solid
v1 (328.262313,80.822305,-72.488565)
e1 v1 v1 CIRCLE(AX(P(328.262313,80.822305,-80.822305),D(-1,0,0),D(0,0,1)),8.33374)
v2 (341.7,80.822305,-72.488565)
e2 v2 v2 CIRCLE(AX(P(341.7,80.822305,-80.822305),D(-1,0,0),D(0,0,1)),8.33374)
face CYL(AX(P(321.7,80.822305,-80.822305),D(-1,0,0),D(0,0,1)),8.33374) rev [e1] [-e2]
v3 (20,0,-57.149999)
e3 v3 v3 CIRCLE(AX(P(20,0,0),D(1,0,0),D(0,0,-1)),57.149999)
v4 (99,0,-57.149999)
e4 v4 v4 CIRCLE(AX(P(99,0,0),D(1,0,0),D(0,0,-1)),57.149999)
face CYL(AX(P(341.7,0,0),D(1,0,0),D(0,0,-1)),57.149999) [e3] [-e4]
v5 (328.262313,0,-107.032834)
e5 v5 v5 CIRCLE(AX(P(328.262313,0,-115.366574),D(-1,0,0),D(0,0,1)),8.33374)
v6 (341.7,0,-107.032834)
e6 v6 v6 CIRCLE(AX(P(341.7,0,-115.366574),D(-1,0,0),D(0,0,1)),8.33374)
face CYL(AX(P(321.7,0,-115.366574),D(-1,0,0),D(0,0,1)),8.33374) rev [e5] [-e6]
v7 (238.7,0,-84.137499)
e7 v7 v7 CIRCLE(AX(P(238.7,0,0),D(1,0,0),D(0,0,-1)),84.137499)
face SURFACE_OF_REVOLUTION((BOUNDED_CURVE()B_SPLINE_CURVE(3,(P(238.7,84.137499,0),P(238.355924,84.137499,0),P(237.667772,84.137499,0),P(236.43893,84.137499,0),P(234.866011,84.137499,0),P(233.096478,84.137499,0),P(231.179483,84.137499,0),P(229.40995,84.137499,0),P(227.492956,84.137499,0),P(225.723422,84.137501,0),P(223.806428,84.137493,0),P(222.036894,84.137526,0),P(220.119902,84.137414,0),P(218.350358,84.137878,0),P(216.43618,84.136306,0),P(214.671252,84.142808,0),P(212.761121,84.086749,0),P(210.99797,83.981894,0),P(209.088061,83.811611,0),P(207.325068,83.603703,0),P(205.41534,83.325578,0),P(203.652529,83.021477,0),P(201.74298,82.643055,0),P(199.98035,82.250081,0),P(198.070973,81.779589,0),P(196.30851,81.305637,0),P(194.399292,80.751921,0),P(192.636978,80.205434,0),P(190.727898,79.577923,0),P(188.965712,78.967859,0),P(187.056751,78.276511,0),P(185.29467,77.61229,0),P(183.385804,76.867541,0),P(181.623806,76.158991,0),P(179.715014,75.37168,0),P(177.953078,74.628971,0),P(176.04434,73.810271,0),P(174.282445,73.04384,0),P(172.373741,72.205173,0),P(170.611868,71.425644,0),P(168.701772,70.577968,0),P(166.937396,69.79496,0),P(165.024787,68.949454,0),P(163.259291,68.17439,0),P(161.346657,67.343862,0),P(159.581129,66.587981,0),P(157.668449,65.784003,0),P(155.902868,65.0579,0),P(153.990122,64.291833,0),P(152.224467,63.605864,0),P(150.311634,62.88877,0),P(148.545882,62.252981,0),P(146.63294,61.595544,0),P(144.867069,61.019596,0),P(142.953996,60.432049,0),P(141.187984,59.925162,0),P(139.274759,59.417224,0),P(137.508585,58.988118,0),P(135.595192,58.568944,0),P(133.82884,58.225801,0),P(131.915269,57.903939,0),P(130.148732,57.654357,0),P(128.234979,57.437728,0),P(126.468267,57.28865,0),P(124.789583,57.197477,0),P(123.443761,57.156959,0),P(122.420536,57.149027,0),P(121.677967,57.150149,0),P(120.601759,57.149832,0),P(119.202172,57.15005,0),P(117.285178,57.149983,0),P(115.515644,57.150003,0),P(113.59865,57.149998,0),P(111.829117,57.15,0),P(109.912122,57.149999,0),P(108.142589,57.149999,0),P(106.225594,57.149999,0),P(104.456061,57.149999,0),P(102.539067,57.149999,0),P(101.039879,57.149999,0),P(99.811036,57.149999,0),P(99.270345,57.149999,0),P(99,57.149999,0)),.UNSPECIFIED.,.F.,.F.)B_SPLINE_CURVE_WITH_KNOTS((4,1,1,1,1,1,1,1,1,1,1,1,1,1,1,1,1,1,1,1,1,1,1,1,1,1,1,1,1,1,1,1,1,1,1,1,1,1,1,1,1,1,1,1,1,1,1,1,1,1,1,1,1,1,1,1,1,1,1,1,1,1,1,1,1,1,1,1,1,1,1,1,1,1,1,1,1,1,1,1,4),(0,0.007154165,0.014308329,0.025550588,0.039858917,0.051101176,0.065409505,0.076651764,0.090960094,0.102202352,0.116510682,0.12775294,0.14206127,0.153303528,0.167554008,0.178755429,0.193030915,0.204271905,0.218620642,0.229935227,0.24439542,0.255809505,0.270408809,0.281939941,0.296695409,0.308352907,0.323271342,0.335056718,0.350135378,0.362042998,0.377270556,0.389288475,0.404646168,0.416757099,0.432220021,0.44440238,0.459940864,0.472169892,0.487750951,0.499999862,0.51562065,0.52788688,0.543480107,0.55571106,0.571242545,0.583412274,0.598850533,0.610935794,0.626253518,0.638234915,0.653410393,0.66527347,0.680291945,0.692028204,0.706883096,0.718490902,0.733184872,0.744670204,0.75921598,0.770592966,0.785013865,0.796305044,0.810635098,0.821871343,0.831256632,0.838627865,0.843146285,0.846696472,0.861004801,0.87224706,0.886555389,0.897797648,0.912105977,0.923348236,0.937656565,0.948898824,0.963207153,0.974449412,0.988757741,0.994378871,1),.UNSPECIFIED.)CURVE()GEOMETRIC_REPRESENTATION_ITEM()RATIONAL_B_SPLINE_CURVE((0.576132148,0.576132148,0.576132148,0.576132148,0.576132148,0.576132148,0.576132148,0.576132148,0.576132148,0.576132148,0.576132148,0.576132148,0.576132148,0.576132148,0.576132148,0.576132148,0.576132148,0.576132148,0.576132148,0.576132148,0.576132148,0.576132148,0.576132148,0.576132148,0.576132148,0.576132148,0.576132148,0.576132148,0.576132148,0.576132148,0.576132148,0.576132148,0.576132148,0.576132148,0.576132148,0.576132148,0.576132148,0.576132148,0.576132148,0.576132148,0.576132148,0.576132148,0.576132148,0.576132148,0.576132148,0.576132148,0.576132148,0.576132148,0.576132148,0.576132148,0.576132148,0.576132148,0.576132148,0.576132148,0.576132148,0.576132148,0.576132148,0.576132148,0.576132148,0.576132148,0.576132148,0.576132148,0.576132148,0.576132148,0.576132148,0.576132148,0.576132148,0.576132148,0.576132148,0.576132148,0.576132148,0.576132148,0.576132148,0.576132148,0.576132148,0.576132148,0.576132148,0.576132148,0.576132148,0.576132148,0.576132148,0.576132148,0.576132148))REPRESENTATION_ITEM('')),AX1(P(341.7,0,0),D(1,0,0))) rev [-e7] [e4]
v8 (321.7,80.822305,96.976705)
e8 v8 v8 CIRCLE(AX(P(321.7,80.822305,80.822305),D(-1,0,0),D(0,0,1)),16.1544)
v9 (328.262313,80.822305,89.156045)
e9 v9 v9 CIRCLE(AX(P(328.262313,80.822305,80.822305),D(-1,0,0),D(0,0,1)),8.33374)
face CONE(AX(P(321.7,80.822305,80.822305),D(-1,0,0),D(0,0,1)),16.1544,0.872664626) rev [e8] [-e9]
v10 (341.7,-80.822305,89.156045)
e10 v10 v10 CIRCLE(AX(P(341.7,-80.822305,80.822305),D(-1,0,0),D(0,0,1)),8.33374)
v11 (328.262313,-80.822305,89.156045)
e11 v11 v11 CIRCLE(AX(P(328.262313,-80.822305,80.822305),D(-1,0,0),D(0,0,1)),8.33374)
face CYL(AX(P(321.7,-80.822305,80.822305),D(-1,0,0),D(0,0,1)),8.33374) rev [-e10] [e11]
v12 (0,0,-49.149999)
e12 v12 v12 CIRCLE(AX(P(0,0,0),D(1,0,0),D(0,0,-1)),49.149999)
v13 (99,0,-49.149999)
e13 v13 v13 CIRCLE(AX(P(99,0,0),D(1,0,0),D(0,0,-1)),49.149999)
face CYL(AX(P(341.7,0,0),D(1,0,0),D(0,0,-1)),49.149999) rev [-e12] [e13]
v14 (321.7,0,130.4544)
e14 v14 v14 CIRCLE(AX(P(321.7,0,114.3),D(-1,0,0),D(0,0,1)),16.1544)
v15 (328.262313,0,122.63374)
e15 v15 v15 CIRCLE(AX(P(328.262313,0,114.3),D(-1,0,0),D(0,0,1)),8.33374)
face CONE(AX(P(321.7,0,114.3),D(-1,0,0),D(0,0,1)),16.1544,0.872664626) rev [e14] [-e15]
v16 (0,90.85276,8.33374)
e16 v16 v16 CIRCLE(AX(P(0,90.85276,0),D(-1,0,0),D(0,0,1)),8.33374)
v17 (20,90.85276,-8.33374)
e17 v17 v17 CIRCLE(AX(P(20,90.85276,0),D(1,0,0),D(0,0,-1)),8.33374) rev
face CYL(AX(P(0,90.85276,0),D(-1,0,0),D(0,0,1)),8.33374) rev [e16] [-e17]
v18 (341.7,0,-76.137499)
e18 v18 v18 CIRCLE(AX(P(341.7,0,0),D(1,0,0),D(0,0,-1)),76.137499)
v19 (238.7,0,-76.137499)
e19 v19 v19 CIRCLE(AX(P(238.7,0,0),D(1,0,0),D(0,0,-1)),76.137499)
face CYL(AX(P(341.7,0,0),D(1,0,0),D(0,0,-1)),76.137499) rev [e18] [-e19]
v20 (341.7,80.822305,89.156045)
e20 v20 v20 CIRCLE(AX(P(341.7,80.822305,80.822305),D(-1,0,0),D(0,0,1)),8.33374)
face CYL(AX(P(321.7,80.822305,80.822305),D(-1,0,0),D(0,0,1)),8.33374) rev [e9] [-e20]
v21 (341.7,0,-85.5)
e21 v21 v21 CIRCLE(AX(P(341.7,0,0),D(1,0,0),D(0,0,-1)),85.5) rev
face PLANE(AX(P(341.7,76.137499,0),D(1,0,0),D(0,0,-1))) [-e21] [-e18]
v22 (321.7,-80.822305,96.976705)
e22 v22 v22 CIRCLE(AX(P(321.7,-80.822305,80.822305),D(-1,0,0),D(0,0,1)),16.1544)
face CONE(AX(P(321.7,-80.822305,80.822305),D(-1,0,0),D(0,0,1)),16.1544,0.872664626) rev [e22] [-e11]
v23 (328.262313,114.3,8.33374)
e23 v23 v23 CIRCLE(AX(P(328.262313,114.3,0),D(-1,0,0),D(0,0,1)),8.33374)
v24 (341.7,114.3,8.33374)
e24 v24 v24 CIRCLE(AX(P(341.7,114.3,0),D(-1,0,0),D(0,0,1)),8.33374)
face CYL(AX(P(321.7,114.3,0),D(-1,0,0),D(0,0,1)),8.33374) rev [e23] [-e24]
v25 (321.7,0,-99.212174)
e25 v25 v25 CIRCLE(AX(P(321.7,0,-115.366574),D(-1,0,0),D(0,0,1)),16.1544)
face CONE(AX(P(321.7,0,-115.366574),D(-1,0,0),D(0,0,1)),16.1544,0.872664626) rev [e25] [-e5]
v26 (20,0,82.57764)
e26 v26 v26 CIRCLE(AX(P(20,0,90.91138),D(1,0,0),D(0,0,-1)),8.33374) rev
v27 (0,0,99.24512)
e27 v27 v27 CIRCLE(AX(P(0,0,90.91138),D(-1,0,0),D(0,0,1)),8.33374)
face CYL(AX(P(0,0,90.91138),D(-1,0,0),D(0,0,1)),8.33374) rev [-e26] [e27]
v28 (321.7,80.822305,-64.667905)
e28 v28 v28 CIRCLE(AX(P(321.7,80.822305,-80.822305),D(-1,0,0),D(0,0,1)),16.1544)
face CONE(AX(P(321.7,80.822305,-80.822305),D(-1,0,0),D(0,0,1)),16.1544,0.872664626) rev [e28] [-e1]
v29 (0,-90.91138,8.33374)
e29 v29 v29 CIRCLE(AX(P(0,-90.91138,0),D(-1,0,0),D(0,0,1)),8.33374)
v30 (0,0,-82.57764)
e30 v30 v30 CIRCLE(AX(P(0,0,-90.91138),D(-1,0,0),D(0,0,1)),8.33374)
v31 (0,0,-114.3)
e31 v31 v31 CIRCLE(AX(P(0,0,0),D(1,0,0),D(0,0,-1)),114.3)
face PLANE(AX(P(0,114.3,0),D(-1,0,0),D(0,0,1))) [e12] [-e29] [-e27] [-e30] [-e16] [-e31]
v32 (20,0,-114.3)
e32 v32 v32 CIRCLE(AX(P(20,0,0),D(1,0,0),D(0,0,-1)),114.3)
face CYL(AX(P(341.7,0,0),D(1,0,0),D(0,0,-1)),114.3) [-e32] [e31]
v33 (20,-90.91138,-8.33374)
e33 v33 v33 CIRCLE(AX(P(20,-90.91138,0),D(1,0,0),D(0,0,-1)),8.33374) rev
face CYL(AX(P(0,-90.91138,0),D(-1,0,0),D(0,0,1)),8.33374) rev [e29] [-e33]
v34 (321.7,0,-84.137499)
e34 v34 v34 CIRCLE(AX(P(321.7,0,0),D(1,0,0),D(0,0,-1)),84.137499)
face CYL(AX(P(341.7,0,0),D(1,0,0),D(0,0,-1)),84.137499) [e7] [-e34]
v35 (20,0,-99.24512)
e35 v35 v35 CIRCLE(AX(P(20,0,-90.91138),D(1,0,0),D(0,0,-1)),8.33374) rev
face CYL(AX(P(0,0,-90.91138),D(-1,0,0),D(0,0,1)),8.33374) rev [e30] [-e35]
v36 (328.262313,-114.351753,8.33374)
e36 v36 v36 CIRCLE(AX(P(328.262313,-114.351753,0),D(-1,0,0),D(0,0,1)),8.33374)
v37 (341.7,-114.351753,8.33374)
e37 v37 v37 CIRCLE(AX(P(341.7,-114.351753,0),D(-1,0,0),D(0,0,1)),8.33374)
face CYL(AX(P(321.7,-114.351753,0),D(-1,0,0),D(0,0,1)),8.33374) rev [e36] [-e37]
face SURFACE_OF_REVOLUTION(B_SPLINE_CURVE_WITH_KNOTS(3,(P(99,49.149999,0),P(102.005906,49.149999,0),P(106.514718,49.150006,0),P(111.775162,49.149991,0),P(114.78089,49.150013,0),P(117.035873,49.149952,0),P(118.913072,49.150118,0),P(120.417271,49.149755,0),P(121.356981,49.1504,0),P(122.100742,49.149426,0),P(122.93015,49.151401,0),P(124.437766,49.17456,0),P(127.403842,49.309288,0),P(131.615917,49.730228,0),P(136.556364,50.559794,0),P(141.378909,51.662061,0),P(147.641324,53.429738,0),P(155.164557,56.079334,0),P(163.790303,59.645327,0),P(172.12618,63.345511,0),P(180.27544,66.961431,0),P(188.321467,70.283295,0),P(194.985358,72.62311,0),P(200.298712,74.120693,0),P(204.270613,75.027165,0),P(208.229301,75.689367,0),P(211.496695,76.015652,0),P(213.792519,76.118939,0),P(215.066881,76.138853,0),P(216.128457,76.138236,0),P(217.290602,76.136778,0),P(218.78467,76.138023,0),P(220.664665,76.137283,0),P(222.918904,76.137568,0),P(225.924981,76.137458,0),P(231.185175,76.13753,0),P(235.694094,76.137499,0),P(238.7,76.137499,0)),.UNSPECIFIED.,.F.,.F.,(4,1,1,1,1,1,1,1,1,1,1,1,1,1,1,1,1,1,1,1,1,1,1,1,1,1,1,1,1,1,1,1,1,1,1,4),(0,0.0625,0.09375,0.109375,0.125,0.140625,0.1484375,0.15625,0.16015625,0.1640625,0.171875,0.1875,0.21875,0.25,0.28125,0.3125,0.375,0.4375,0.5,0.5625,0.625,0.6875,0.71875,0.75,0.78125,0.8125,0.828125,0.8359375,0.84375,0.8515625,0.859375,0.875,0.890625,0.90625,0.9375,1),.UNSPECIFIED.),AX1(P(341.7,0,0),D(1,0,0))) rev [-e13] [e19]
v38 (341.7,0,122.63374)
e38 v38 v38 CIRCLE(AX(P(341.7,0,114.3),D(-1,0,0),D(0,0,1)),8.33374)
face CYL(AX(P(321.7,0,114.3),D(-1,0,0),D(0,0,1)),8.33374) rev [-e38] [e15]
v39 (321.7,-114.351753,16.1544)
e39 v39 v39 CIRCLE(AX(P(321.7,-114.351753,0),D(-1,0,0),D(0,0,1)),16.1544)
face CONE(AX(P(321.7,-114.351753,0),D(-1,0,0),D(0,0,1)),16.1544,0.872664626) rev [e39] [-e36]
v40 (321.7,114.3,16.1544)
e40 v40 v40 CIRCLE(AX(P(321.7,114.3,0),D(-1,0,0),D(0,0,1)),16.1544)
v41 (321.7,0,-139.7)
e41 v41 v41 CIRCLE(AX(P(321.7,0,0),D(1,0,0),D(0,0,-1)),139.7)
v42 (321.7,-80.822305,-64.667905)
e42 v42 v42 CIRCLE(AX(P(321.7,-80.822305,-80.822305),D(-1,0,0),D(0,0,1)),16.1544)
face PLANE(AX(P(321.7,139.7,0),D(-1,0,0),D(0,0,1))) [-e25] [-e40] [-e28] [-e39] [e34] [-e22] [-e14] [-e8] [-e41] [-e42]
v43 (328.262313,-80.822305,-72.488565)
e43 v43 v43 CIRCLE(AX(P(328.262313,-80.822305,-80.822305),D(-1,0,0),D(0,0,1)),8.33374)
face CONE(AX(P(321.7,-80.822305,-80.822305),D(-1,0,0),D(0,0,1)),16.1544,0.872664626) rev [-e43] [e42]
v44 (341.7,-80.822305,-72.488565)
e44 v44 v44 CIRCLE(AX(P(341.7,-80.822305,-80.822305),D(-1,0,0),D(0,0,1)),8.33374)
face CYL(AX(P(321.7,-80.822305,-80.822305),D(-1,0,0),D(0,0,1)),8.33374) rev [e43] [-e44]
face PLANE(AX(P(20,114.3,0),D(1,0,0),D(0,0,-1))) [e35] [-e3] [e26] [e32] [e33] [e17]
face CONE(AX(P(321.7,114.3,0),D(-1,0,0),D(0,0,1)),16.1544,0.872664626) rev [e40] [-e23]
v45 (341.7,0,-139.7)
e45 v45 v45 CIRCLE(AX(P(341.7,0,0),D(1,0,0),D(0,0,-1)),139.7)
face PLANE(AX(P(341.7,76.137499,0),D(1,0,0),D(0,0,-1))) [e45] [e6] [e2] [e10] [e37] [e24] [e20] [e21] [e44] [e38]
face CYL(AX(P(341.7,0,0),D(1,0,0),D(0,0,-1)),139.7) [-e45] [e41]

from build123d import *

# Parameters (mm, degrees)
F_5_8_CLEARANCE_HOLE1_D                             = 16.66748
F_5_8_CLEARANCE_HOLE1_DEPTH                         = 20
CSK_FOR_5_8_FLAT_HEAD_MACHINE_SCREW_100_D           = 16.66748
CSK_FOR_5_8_FLAT_HEAD_MACHINE_SCREW_100_DEPTH       = 20
CSK_FOR_5_8_FLAT_HEAD_MACHINE_SCREW_100_CSINK_D     = 32.3088
CSK_FOR_5_8_FLAT_HEAD_MACHINE_SCREW_100_CSINK_ANGLE = 100


with BuildPart() as part:
    # Sketch2 → Revolve1 (revolve)
    with BuildSketch(Plane.XY):
        with BuildLine():
            Line((341.7, 76.137499212), (341.7, 139.7))
            Line((341.7, 139.7), (321.7, 139.7))
            Line((321.7, 139.7), (321.7, 84.137499212))
            Line((321.7, 84.137499212), (238.7, 84.137499212))
            add(Edge.make_bspline(
                [(238.7, 84.137499212), (238.355924075, 84.137499212), (237.667772223, 84.137499211), (236.43892963, 84.137499212), (234.866011112, 84.137499209), (233.096477778, 84.137499221), (231.179483334, 84.137499181), (229.409949997, 84.137499346), (227.492955565, 84.137498785), (225.723422181, 84.137501116), (223.806427909, 84.137493202), (222.03689386, 84.137526067), (220.119901847, 84.137414453), (218.350358415, 84.137877999), (216.436180482, 84.136306025), (214.671251811, 84.142808495), (212.761120781, 84.086749305), (210.997970421, 83.981894478), (209.088061418, 83.811610968), (207.325068085, 83.603702947), (205.415339805, 83.325577691), (203.652528826, 83.021476856), (201.742980231, 82.643054651), (199.980349522, 82.250081454), (198.070973132, 81.779589057), (196.308510241, 81.305636666), (194.399291637, 80.751921317), (192.636978054, 80.205434277), (190.727898375, 79.577923288), (188.965712472, 78.967858654), (187.056750607, 78.276511422), (185.294669761, 77.61229035), (183.385803915, 76.867540678), (181.623805854, 76.15899109), (179.715014471, 75.371680114), (177.95307795, 74.628970979), (176.044340155, 73.810271455), (174.28244512, 73.043839656), (172.373740784, 72.205172954), (170.611868192, 71.425644088), (168.701772289, 70.577967809), (166.937395899, 69.794959659), (165.024786727, 68.949453647), (163.259291454, 68.174390413), (161.346657228, 67.343861664), (159.58112861, 66.587981326), (157.668449277, 65.784003027), (155.902867536, 65.057899506), (153.990122343, 64.291832507), (152.22446654, 63.60586364), (150.311633974, 62.888769921), (148.545882008, 62.252980739), (146.632940071, 61.595543531), (144.867069113, 61.019596499), (142.95399603, 60.432048638), (141.187983586, 59.925161995), (139.274759098, 59.417223546), (137.508584813, 58.988118492), (135.595192141, 58.568944237), (133.828840435, 58.225800875), (131.915268777, 57.903938632), (130.148732425, 57.654357312), (128.234978669, 57.437727635), (126.468267149, 57.288649922), (124.789582716, 57.197477456), (123.443760708, 57.156958736), (122.420535806, 57.149027418), (121.677966993, 57.150148752), (120.601758891, 57.149831794), (119.202172332, 57.150049881), (117.285177742, 57.149983489), (115.515644452, 57.150003038), (113.598649997, 57.149998331), (111.829116667, 57.149999717), (109.912122221, 57.149999383), (108.142588888, 57.149999482), (106.225594444, 57.149999458), (104.45606111, 57.149999465), (102.539066666, 57.149999463), (101.039878703, 57.149999464), (99.81103611, 57.149999464), (99.27034537, 57.149999464), (98.999999999, 57.149999464)],
                knots=[0, 0, 0, 0, 0.007154165, 0.014308329, 0.025550588, 0.039858917, 0.051101176, 0.065409505, 0.076651764, 0.090960094, 0.102202352, 0.116510682, 0.12775294, 0.14206127, 0.153303528, 0.167554008, 0.178755429, 0.193030915, 0.204271905, 0.218620642, 0.229935227, 0.24439542, 0.255809505, 0.270408809, 0.281939941, 0.296695409, 0.308352907, 0.323271342, 0.335056718, 0.350135378, 0.362042998, 0.377270556, 0.389288475, 0.404646168, 0.416757099, 0.432220021, 0.44440238, 0.459940864, 0.472169892, 0.487750951, 0.499999862, 0.51562065, 0.52788688, 0.543480107, 0.55571106, 0.571242545, 0.583412274, 0.598850533, 0.610935794, 0.626253518, 0.638234915, 0.653410393, 0.66527347, 0.680291945, 0.692028204, 0.706883096, 0.718490902, 0.733184872, 0.744670204, 0.75921598, 0.770592966, 0.785013865, 0.796305044, 0.810635098, 0.821871343, 0.831256632, 0.838627865, 0.843146285, 0.846696472, 0.861004801, 0.87224706, 0.886555389, 0.897797648, 0.912105977, 0.923348236, 0.937656565, 0.948898824, 0.963207153, 0.974449412, 0.988757741, 0.994378871, 1, 1, 1, 1], degree=3, weights=[0.576132148, 0.576132148, 0.576132148, 0.576132148, 0.576132148, 0.576132148, 0.576132148, 0.576132148, 0.576132148, 0.576132148, 0.576132148, 0.576132148, 0.576132148, 0.576132148, 0.576132148, 0.576132148, 0.576132148, 0.576132148, 0.576132148, 0.576132148, 0.576132148, 0.576132148, 0.576132148, 0.576132148, 0.576132148, 0.576132148, 0.576132148, 0.576132148, 0.576132148, 0.576132148, 0.576132148, 0.576132148, 0.576132148, 0.576132148, 0.576132148, 0.576132148, 0.576132148, 0.576132148, 0.576132148, 0.576132148, 0.576132148, 0.576132148, 0.576132148, 0.576132148, 0.576132148, 0.576132148, 0.576132148, 0.576132148, 0.576132148, 0.576132148, 0.576132148, 0.576132148, 0.576132148, 0.576132148, 0.576132148, 0.576132148, 0.576132148, 0.576132148, 0.576132148, 0.576132148, 0.576132148, 0.576132148, 0.576132148, 0.576132148, 0.576132148, 0.576132148, 0.576132148, 0.576132148, 0.576132148, 0.576132148, 0.576132148, 0.576132148, 0.576132148, 0.576132148, 0.576132148, 0.576132148, 0.576132148, 0.576132148, 0.576132148, 0.576132148, 0.576132148, 0.576132148, 0.576132148]))
            Line((98.999999999, 57.149999464), (20, 57.149999464))
            Line((20, 57.149999464), (20, 114.3))
            Line((20, 114.3), (0, 114.3))
            Line((0, 114.3), (0, 49.149999464))
            Line((0, 49.149999464), (98.999999999, 49.149999464))
            add(Edge.make_bspline(
                [(238.700000001, 76.137499212), (235.69409428, 76.137499211), (231.185175342, 76.137529978), (225.92498116, 76.137458281), (222.918904328, 76.137568327), (220.664664612, 76.137283149), (218.784669959, 76.138023248), (217.290602157, 76.13677783), (216.128457097, 76.1382361), (215.066881493, 76.138852647), (213.792519107, 76.118938664), (211.496695076, 76.015652057), (208.229301379, 75.6893674), (204.270612611, 75.027164667), (200.298712296, 74.120693109), (194.985358164, 72.623109637), (188.321466773, 70.283294689), (180.275439823, 66.96143105), (172.126179657, 63.34551056), (163.790302615, 59.64532736), (155.164556548, 56.079333574), (147.64132386, 53.429737774), (141.378908996, 51.662061148), (136.556364248, 50.559794229), (131.615917341, 49.730227773), (127.403841781, 49.309288048), (124.437765649, 49.174559905), (122.930150126, 49.151400947), (122.100741829, 49.149426118), (121.356980871, 49.150399773), (120.417271001, 49.149754665), (118.913072261, 49.150117503), (117.035873074, 49.149952223), (114.780889972, 49.150013449), (111.775161973, 49.149990987), (106.514717734, 49.150005821), (102.005905795, 49.149999464), (98.999999999, 49.149999464)],
                knots=[0, 0, 0, 0, 0.0625, 0.09375, 0.109375, 0.125, 0.140625, 0.1484375, 0.15625, 0.1640625, 0.171875, 0.1875, 0.21875, 0.25, 0.28125, 0.3125, 0.375, 0.4375, 0.5, 0.5625, 0.625, 0.6875, 0.71875, 0.75, 0.78125, 0.8125, 0.828125, 0.8359375, 0.83984375, 0.84375, 0.8515625, 0.859375, 0.875, 0.890625, 0.90625, 0.9375, 1, 1, 1, 1], degree=3))
            Line((238.700000001, 76.137499212), (341.7, 76.137499212))
        make_face()
    revolve(axis=Axis((341.7, 0, 0), (-1, 0, 0)))

    # 5/8 Clearance Hole1
    with Locations(Plane(origin=(0, -86.94526051, 61.229912904), x_dir=(0, 0, 1), z_dir=(-1, 0, 0))):
        with Locations((-61.229912904, 177.798020209), (29.681467244, 86.94526051), (-61.229912904, -3.966119638), (-152.141293051, 86.94526051)):
            Hole(F_5_8_CLEARANCE_HOLE1_D / 2, depth=F_5_8_CLEARANCE_HOLE1_DEPTH)

    # CSK for 5_8 Flat Head Machine Screw _100
    with Locations(Plane(origin=(321.7, -86.94526051, 61.229912904), x_dir=(0, 0, 1), z_dir=(-1, 0, 0))):
        with Locations((-61.229912904, 201.24526051), (-176.596487394, 86.94526051), (-142.052217993, 167.767565599), (19.592392186, 167.767565599), (53.070087096, 86.94526051), (19.592392186, 6.12295542), (-61.229912904, -27.406492985), (-142.052217993, 6.12295542)):
            CounterSinkHole(CSK_FOR_5_8_FLAT_HEAD_MACHINE_SCREW_100_D / 2, CSK_FOR_5_8_FLAT_HEAD_MACHINE_SCREW_100_CSINK_D / 2, depth=CSK_FOR_5_8_FLAT_HEAD_MACHINE_SCREW_100_DEPTH, counter_sink_angle=CSK_FOR_5_8_FLAT_HEAD_MACHINE_SCREW_100_CSINK_ANGLE)


solid = part.part
